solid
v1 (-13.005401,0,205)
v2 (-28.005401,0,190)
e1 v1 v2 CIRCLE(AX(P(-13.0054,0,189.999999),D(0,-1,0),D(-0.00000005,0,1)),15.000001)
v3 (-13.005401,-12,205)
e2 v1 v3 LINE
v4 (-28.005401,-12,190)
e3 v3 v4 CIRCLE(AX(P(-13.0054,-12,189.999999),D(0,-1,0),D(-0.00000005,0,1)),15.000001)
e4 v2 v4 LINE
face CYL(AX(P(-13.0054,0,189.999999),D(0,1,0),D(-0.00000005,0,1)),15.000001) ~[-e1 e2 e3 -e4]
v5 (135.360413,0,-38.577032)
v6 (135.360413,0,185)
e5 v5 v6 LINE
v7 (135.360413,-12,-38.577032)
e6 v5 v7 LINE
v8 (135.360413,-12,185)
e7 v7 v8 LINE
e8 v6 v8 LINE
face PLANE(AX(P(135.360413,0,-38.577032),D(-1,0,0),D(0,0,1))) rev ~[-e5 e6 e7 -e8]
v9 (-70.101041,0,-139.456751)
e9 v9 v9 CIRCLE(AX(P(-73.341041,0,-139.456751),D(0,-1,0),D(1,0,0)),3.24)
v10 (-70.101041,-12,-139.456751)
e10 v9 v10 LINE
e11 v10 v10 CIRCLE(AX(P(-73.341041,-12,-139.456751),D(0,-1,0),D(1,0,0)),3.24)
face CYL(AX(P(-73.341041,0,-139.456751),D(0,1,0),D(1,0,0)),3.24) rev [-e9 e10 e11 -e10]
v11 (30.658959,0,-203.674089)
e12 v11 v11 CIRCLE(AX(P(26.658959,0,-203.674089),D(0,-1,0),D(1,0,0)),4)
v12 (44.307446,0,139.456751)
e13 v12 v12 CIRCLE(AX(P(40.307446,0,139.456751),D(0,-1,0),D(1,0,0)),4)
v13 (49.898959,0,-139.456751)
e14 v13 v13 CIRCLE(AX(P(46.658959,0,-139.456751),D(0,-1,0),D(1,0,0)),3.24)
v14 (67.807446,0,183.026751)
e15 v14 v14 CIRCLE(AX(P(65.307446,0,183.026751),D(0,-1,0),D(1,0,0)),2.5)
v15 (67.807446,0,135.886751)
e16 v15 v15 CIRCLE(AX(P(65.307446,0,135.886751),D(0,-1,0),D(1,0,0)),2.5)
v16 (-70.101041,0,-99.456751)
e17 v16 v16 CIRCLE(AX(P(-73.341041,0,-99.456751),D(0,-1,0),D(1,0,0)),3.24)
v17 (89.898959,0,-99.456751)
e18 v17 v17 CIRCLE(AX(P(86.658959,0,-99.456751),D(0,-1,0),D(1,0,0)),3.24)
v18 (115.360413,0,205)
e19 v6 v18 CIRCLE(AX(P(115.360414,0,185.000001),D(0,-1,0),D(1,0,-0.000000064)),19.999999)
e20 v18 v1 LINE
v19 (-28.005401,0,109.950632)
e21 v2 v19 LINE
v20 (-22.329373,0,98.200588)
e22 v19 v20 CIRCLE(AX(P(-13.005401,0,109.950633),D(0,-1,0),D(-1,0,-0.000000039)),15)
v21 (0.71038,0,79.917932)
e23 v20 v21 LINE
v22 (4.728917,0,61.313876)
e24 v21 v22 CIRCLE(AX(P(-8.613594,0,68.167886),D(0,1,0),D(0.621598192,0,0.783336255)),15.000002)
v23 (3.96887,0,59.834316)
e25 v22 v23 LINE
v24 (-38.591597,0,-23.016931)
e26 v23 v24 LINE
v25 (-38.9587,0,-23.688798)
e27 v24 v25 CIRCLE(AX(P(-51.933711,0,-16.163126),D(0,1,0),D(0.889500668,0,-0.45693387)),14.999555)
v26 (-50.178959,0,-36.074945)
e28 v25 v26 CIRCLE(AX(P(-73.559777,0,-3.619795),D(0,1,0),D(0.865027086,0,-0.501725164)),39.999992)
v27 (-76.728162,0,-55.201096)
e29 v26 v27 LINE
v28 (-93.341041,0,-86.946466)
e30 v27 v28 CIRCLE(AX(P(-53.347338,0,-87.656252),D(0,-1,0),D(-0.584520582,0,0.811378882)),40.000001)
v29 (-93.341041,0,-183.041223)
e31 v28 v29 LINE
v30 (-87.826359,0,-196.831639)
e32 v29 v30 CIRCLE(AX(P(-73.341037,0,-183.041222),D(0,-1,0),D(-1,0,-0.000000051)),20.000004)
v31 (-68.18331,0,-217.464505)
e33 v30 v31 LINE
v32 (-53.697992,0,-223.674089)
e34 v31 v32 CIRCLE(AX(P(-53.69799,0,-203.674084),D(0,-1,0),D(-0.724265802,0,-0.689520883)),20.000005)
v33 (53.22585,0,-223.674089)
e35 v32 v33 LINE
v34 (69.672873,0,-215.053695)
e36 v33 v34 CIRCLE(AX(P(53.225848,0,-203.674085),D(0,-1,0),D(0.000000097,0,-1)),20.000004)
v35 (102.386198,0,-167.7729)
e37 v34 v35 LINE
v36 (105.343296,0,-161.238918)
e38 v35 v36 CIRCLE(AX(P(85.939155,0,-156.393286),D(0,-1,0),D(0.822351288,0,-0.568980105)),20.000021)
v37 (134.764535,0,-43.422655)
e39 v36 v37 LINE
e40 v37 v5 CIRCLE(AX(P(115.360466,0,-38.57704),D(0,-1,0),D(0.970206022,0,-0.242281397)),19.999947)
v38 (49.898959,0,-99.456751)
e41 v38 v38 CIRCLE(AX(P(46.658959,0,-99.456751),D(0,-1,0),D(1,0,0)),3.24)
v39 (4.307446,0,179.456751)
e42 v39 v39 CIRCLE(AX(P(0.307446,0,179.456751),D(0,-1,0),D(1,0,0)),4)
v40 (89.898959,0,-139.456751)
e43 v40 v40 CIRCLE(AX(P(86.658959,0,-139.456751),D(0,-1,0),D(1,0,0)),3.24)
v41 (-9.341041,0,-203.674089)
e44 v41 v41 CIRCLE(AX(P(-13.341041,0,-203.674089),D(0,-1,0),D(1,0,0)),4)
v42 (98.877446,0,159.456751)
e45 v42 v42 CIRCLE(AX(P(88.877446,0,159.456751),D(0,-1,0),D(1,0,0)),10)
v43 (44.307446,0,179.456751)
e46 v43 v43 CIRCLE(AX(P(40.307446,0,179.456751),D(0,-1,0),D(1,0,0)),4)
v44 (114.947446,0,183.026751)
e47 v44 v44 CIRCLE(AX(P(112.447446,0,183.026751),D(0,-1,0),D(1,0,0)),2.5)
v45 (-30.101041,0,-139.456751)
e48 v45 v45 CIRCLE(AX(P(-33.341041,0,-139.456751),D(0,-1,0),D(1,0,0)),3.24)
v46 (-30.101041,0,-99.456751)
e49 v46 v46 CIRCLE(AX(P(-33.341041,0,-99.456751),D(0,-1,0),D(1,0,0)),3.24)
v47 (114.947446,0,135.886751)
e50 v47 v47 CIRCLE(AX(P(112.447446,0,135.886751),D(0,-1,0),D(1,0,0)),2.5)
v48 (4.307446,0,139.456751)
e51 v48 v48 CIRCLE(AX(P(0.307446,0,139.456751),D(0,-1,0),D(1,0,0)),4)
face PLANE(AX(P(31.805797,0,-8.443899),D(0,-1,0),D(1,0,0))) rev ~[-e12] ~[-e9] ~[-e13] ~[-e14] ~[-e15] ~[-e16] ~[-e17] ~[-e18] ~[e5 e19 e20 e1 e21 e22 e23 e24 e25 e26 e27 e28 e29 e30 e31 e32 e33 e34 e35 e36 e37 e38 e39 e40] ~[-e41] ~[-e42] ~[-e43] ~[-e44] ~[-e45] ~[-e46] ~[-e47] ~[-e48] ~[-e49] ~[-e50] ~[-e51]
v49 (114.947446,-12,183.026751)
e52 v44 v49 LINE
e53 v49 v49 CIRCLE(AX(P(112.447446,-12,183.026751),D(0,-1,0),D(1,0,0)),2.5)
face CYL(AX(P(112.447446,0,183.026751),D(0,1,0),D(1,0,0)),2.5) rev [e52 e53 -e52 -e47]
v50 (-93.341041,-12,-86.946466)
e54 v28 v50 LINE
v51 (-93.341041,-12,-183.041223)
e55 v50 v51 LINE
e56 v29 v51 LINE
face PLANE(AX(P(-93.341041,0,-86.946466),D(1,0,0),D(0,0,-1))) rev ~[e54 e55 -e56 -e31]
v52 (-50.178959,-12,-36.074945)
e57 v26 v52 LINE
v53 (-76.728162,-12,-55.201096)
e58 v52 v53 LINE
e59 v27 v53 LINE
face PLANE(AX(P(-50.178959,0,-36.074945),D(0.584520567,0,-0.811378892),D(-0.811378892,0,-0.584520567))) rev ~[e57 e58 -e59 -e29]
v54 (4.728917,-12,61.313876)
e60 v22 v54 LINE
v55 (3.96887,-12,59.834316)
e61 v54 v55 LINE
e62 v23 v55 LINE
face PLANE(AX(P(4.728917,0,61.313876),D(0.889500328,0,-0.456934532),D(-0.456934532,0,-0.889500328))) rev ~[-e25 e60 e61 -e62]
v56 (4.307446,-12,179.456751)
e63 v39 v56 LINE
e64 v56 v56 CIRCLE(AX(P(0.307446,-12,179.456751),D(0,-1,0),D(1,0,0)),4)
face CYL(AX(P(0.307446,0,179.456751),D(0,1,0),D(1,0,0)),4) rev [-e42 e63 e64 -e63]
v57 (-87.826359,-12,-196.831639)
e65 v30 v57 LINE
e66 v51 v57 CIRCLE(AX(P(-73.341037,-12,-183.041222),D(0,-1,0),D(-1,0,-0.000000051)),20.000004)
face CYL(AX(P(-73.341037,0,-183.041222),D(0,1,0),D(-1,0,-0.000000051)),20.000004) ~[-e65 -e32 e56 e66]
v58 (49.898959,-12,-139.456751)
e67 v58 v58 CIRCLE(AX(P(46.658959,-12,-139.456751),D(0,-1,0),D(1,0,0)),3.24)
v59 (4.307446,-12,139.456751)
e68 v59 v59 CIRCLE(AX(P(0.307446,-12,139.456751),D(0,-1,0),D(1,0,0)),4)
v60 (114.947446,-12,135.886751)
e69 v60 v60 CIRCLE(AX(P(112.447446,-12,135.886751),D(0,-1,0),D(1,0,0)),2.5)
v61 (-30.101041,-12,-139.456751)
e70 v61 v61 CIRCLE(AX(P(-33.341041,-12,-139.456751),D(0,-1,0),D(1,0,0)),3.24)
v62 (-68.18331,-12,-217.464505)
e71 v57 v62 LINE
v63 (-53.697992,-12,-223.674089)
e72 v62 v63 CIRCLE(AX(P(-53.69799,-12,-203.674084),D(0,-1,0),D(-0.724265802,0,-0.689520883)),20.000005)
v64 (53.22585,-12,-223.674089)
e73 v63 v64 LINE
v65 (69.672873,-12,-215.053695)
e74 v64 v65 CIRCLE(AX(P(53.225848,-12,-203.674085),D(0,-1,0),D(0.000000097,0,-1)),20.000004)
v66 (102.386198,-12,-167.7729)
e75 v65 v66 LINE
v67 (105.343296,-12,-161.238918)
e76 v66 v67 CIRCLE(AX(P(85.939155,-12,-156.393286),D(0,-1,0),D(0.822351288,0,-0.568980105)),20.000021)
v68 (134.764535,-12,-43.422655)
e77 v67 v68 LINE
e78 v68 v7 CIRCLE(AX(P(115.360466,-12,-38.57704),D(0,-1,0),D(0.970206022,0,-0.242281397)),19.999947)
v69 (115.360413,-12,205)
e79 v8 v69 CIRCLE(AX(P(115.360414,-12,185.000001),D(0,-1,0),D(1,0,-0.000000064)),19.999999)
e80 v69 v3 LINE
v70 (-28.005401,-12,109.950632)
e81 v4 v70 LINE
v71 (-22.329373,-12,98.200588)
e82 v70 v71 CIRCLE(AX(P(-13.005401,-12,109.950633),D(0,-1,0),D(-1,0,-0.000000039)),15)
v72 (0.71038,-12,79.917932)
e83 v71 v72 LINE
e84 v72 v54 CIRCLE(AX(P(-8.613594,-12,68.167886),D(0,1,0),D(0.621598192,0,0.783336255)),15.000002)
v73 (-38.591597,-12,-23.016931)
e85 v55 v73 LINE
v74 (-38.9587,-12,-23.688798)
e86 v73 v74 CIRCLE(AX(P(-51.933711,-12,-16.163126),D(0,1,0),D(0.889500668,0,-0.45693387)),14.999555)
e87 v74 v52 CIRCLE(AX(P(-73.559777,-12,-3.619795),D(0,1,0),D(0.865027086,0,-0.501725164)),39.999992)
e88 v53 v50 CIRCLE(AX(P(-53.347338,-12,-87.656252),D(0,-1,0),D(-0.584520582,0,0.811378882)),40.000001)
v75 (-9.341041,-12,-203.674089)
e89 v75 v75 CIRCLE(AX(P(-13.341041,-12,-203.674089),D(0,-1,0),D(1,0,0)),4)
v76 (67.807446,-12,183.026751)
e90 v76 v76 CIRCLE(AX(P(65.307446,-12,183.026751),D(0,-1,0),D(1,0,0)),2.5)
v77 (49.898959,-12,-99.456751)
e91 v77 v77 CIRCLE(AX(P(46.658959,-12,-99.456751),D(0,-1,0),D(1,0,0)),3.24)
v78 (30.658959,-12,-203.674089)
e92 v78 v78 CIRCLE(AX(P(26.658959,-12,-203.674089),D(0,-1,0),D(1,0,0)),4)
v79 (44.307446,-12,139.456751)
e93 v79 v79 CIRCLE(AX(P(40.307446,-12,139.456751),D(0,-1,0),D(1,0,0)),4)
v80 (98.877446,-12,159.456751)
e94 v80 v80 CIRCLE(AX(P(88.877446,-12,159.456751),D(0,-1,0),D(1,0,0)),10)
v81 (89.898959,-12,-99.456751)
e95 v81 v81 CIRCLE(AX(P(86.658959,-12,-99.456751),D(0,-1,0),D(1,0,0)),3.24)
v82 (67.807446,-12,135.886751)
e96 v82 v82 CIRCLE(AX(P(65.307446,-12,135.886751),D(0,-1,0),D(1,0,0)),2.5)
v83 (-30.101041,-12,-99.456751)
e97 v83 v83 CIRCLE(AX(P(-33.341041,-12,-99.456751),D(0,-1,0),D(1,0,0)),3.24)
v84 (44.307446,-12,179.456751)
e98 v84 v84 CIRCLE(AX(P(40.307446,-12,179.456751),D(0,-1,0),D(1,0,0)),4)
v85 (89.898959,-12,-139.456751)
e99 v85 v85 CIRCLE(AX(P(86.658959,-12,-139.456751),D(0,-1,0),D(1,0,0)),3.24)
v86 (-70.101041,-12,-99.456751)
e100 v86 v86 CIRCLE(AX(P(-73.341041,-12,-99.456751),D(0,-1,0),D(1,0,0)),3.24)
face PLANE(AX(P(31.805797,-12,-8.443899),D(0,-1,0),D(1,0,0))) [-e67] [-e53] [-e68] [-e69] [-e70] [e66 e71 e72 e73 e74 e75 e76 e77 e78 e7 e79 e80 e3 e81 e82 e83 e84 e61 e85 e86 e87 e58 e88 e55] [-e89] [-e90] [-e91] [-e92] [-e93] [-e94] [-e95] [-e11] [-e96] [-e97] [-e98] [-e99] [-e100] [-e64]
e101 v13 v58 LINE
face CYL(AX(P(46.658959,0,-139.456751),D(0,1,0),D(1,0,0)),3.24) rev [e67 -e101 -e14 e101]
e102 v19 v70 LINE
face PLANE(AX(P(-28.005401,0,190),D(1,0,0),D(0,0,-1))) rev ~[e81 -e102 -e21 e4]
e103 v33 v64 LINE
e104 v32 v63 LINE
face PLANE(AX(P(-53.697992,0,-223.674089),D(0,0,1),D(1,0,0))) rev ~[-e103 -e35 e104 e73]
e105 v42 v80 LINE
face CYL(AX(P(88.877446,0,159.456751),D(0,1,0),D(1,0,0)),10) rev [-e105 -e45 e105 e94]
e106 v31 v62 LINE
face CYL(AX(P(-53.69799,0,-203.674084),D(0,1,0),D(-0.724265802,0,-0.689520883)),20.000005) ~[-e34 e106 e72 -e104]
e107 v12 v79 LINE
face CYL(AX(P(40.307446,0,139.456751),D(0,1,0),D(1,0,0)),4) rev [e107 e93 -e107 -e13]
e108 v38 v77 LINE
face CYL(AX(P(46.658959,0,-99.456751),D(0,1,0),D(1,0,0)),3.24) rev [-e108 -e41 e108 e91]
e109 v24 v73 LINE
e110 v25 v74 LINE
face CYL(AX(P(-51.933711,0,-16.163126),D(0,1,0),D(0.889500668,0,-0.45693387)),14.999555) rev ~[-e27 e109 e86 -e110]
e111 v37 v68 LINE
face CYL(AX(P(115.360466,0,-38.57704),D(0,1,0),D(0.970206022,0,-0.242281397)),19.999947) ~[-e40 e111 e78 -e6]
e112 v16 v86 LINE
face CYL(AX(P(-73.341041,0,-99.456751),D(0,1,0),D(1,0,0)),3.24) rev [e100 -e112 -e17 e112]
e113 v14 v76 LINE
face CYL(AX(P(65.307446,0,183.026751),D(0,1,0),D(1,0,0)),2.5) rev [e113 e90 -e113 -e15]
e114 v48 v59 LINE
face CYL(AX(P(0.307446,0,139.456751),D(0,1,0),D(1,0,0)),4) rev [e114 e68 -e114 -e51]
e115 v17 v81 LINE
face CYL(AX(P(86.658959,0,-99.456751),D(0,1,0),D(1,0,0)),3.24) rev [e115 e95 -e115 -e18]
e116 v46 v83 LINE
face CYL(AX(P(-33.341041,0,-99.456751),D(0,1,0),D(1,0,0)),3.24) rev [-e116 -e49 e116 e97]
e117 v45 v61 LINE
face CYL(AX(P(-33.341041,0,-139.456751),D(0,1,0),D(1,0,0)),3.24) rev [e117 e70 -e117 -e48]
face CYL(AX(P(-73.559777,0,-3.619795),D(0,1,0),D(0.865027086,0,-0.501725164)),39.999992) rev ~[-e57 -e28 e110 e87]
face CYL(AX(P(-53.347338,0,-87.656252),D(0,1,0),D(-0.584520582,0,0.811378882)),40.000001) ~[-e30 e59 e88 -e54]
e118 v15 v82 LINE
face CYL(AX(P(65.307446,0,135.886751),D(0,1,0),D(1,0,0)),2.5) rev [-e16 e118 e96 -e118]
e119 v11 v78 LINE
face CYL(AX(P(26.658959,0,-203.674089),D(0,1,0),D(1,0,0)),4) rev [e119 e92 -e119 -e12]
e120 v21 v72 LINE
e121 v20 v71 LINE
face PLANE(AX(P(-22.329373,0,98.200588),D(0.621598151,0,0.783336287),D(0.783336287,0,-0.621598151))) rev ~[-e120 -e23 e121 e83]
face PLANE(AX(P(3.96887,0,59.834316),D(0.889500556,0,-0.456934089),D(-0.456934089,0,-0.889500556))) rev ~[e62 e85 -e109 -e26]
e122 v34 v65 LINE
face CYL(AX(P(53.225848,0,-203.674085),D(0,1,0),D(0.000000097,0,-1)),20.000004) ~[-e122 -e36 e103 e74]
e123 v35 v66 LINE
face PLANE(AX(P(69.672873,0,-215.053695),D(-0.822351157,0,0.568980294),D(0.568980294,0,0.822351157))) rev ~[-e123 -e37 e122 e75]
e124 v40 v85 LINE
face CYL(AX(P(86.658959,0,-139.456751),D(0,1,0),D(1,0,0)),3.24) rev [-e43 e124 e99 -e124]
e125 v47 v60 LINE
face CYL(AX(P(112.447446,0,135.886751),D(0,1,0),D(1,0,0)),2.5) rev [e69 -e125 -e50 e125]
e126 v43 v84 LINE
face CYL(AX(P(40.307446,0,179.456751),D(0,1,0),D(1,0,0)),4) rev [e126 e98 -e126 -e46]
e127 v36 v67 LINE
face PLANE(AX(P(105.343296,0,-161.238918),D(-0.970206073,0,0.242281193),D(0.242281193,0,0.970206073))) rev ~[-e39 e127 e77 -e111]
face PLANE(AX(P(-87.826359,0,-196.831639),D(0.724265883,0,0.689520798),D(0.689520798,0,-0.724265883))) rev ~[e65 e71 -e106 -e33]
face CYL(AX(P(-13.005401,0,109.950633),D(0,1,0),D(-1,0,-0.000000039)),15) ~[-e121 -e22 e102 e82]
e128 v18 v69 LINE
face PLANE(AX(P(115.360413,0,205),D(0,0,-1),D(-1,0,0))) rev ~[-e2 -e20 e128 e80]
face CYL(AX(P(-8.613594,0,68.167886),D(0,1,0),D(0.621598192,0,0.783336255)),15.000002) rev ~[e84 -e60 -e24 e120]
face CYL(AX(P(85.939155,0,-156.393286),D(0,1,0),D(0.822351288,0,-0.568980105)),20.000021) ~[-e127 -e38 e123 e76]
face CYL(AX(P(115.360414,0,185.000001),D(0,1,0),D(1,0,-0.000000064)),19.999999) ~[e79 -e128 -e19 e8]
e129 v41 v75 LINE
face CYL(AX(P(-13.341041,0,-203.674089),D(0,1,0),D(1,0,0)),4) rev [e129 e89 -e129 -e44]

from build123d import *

# Parameters (mm, degrees)
F0_R     = 3.24
F0_R_2   = 4
F0_R_3   = 2.5
F0_R_4   = 10
F1_DEPTH = 12


with BuildPart() as f1:
    # F0 (on Front) → F1 (new body)
    with BuildSketch(Plane.XZ):
        with BuildLine():
            Line((115.360413, 205), (85.230881, 205))
            Line((85.230881, 205), (25.307446, 205))
            Line((25.307446, 205), (10.35451, 205))
            Line((10.35451, 205), (-13.005401, 205))
            ThreePointArc((-13.005401, 205), (-23.612002, 200.606602), (-28.005401, 190))
            Line((-28.005401, 190), (-28.005401, 109.950632))
            ThreePointArc((-28.005401, 109.950632), (-26.512058, 103.426047), (-22.329373, 98.200588))
            Line((-22.329373, 98.200588), (0.71038, 79.917932))
            ThreePointArc((0.71038, 79.917932), (6.048265, 71.334896), (4.728917, 61.313876))
            Line((4.728917, 61.313876), (3.96887, 59.834316))
            Line((3.96887, 59.834316), (-38.591597, -23.016931))
            ThreePointArc((-38.591597, -23.016931), (-38.770861, -23.355207), (-38.9587, -23.688798))
            ThreePointArc((-38.9587, -23.688798), (-43.914723, -30.474407), (-50.178959, -36.074945))
            Line((-50.178959, -36.074945), (-76.728162, -55.201096))
            ThreePointArc((-76.728162, -55.201096), (-88.787778, -69.109681), (-93.341041, -86.946466))
            Line((-93.341041, -86.946466), (-93.341041, -135.075137))
            Line((-93.341041, -135.075137), (-93.341041, -183.041223))
            ThreePointArc((-93.341041, -183.041223), (-91.911264, -190.467313), (-87.826359, -196.831639))
            Line((-87.826359, -196.831639), (-68.18331, -217.464505))
            ThreePointArc((-68.18331, -217.464505), (-61.578084, -222.056258), (-53.697992, -223.674089))
            Line((-53.697992, -223.674089), (53.22585, -223.674089))
            ThreePointArc((53.22585, -223.674089), (62.510458, -221.388378), (69.672873, -215.053695))
            Line((69.672873, -215.053695), (102.386198, -167.7729))
            ThreePointArc((102.386198, -167.7729), (104.160024, -164.639544), (105.343296, -161.238918))
            Line((105.343296, -161.238918), (134.764535, -43.422655))
            ThreePointArc((134.764535, -43.422655), (135.210885, -41.018094), (135.360413, -38.577032))
            Line((135.360413, -38.577032), (135.360413, 185))
            ThreePointArc((135.360413, 185), (129.502549, 199.142136), (115.360413, 205))
        make_face()
        with Locations((-73.341041, -139.456751)):
            Circle(F0_R, mode=Mode.SUBTRACT)
        with Locations((-13.341041, -203.674089)):
            Circle(F0_R_2, mode=Mode.SUBTRACT)
        with Locations((-33.341041, -139.456751)):
            Circle(F0_R, mode=Mode.SUBTRACT)
        with Locations((-73.341041, -99.456751)):
            Circle(F0_R, mode=Mode.SUBTRACT)
        with Locations((-33.341041, -99.456751)):
            Circle(F0_R, mode=Mode.SUBTRACT)
        with Locations((26.658959, -203.674089)):
            Circle(F0_R_2, mode=Mode.SUBTRACT)
        with Locations((46.658959, -139.456751)):
            Circle(F0_R, mode=Mode.SUBTRACT)
        with Locations((86.658959, -139.456751)):
            Circle(F0_R, mode=Mode.SUBTRACT)
        with Locations((46.658959, -99.456751)):
            Circle(F0_R, mode=Mode.SUBTRACT)
        with Locations((86.658959, -99.456751)):
            Circle(F0_R, mode=Mode.SUBTRACT)
        with Locations((0.307446, 139.456751)):
            Circle(F0_R_2, mode=Mode.SUBTRACT)
        with Locations((0.307446, 179.456751)):
            Circle(F0_R_2, mode=Mode.SUBTRACT)
        with Locations((40.307446, 139.456751)):
            Circle(F0_R_2, mode=Mode.SUBTRACT)
        with Locations((65.307446, 135.886751)):
            Circle(F0_R_3, mode=Mode.SUBTRACT)
        with Locations((40.307446, 179.456751)):
            Circle(F0_R_2, mode=Mode.SUBTRACT)
        with Locations((65.307446, 183.026751)):
            Circle(F0_R_3, mode=Mode.SUBTRACT)
        with Locations((112.447446, 135.886751)):
            Circle(F0_R_3, mode=Mode.SUBTRACT)
        with Locations((88.877446, 159.456751)):
            Circle(F0_R_4, mode=Mode.SUBTRACT)
        with Locations((112.447446, 183.026751)):
            Circle(F0_R_3, mode=Mode.SUBTRACT)
    extrude(amount=F1_DEPTH)


solid = f1.part
